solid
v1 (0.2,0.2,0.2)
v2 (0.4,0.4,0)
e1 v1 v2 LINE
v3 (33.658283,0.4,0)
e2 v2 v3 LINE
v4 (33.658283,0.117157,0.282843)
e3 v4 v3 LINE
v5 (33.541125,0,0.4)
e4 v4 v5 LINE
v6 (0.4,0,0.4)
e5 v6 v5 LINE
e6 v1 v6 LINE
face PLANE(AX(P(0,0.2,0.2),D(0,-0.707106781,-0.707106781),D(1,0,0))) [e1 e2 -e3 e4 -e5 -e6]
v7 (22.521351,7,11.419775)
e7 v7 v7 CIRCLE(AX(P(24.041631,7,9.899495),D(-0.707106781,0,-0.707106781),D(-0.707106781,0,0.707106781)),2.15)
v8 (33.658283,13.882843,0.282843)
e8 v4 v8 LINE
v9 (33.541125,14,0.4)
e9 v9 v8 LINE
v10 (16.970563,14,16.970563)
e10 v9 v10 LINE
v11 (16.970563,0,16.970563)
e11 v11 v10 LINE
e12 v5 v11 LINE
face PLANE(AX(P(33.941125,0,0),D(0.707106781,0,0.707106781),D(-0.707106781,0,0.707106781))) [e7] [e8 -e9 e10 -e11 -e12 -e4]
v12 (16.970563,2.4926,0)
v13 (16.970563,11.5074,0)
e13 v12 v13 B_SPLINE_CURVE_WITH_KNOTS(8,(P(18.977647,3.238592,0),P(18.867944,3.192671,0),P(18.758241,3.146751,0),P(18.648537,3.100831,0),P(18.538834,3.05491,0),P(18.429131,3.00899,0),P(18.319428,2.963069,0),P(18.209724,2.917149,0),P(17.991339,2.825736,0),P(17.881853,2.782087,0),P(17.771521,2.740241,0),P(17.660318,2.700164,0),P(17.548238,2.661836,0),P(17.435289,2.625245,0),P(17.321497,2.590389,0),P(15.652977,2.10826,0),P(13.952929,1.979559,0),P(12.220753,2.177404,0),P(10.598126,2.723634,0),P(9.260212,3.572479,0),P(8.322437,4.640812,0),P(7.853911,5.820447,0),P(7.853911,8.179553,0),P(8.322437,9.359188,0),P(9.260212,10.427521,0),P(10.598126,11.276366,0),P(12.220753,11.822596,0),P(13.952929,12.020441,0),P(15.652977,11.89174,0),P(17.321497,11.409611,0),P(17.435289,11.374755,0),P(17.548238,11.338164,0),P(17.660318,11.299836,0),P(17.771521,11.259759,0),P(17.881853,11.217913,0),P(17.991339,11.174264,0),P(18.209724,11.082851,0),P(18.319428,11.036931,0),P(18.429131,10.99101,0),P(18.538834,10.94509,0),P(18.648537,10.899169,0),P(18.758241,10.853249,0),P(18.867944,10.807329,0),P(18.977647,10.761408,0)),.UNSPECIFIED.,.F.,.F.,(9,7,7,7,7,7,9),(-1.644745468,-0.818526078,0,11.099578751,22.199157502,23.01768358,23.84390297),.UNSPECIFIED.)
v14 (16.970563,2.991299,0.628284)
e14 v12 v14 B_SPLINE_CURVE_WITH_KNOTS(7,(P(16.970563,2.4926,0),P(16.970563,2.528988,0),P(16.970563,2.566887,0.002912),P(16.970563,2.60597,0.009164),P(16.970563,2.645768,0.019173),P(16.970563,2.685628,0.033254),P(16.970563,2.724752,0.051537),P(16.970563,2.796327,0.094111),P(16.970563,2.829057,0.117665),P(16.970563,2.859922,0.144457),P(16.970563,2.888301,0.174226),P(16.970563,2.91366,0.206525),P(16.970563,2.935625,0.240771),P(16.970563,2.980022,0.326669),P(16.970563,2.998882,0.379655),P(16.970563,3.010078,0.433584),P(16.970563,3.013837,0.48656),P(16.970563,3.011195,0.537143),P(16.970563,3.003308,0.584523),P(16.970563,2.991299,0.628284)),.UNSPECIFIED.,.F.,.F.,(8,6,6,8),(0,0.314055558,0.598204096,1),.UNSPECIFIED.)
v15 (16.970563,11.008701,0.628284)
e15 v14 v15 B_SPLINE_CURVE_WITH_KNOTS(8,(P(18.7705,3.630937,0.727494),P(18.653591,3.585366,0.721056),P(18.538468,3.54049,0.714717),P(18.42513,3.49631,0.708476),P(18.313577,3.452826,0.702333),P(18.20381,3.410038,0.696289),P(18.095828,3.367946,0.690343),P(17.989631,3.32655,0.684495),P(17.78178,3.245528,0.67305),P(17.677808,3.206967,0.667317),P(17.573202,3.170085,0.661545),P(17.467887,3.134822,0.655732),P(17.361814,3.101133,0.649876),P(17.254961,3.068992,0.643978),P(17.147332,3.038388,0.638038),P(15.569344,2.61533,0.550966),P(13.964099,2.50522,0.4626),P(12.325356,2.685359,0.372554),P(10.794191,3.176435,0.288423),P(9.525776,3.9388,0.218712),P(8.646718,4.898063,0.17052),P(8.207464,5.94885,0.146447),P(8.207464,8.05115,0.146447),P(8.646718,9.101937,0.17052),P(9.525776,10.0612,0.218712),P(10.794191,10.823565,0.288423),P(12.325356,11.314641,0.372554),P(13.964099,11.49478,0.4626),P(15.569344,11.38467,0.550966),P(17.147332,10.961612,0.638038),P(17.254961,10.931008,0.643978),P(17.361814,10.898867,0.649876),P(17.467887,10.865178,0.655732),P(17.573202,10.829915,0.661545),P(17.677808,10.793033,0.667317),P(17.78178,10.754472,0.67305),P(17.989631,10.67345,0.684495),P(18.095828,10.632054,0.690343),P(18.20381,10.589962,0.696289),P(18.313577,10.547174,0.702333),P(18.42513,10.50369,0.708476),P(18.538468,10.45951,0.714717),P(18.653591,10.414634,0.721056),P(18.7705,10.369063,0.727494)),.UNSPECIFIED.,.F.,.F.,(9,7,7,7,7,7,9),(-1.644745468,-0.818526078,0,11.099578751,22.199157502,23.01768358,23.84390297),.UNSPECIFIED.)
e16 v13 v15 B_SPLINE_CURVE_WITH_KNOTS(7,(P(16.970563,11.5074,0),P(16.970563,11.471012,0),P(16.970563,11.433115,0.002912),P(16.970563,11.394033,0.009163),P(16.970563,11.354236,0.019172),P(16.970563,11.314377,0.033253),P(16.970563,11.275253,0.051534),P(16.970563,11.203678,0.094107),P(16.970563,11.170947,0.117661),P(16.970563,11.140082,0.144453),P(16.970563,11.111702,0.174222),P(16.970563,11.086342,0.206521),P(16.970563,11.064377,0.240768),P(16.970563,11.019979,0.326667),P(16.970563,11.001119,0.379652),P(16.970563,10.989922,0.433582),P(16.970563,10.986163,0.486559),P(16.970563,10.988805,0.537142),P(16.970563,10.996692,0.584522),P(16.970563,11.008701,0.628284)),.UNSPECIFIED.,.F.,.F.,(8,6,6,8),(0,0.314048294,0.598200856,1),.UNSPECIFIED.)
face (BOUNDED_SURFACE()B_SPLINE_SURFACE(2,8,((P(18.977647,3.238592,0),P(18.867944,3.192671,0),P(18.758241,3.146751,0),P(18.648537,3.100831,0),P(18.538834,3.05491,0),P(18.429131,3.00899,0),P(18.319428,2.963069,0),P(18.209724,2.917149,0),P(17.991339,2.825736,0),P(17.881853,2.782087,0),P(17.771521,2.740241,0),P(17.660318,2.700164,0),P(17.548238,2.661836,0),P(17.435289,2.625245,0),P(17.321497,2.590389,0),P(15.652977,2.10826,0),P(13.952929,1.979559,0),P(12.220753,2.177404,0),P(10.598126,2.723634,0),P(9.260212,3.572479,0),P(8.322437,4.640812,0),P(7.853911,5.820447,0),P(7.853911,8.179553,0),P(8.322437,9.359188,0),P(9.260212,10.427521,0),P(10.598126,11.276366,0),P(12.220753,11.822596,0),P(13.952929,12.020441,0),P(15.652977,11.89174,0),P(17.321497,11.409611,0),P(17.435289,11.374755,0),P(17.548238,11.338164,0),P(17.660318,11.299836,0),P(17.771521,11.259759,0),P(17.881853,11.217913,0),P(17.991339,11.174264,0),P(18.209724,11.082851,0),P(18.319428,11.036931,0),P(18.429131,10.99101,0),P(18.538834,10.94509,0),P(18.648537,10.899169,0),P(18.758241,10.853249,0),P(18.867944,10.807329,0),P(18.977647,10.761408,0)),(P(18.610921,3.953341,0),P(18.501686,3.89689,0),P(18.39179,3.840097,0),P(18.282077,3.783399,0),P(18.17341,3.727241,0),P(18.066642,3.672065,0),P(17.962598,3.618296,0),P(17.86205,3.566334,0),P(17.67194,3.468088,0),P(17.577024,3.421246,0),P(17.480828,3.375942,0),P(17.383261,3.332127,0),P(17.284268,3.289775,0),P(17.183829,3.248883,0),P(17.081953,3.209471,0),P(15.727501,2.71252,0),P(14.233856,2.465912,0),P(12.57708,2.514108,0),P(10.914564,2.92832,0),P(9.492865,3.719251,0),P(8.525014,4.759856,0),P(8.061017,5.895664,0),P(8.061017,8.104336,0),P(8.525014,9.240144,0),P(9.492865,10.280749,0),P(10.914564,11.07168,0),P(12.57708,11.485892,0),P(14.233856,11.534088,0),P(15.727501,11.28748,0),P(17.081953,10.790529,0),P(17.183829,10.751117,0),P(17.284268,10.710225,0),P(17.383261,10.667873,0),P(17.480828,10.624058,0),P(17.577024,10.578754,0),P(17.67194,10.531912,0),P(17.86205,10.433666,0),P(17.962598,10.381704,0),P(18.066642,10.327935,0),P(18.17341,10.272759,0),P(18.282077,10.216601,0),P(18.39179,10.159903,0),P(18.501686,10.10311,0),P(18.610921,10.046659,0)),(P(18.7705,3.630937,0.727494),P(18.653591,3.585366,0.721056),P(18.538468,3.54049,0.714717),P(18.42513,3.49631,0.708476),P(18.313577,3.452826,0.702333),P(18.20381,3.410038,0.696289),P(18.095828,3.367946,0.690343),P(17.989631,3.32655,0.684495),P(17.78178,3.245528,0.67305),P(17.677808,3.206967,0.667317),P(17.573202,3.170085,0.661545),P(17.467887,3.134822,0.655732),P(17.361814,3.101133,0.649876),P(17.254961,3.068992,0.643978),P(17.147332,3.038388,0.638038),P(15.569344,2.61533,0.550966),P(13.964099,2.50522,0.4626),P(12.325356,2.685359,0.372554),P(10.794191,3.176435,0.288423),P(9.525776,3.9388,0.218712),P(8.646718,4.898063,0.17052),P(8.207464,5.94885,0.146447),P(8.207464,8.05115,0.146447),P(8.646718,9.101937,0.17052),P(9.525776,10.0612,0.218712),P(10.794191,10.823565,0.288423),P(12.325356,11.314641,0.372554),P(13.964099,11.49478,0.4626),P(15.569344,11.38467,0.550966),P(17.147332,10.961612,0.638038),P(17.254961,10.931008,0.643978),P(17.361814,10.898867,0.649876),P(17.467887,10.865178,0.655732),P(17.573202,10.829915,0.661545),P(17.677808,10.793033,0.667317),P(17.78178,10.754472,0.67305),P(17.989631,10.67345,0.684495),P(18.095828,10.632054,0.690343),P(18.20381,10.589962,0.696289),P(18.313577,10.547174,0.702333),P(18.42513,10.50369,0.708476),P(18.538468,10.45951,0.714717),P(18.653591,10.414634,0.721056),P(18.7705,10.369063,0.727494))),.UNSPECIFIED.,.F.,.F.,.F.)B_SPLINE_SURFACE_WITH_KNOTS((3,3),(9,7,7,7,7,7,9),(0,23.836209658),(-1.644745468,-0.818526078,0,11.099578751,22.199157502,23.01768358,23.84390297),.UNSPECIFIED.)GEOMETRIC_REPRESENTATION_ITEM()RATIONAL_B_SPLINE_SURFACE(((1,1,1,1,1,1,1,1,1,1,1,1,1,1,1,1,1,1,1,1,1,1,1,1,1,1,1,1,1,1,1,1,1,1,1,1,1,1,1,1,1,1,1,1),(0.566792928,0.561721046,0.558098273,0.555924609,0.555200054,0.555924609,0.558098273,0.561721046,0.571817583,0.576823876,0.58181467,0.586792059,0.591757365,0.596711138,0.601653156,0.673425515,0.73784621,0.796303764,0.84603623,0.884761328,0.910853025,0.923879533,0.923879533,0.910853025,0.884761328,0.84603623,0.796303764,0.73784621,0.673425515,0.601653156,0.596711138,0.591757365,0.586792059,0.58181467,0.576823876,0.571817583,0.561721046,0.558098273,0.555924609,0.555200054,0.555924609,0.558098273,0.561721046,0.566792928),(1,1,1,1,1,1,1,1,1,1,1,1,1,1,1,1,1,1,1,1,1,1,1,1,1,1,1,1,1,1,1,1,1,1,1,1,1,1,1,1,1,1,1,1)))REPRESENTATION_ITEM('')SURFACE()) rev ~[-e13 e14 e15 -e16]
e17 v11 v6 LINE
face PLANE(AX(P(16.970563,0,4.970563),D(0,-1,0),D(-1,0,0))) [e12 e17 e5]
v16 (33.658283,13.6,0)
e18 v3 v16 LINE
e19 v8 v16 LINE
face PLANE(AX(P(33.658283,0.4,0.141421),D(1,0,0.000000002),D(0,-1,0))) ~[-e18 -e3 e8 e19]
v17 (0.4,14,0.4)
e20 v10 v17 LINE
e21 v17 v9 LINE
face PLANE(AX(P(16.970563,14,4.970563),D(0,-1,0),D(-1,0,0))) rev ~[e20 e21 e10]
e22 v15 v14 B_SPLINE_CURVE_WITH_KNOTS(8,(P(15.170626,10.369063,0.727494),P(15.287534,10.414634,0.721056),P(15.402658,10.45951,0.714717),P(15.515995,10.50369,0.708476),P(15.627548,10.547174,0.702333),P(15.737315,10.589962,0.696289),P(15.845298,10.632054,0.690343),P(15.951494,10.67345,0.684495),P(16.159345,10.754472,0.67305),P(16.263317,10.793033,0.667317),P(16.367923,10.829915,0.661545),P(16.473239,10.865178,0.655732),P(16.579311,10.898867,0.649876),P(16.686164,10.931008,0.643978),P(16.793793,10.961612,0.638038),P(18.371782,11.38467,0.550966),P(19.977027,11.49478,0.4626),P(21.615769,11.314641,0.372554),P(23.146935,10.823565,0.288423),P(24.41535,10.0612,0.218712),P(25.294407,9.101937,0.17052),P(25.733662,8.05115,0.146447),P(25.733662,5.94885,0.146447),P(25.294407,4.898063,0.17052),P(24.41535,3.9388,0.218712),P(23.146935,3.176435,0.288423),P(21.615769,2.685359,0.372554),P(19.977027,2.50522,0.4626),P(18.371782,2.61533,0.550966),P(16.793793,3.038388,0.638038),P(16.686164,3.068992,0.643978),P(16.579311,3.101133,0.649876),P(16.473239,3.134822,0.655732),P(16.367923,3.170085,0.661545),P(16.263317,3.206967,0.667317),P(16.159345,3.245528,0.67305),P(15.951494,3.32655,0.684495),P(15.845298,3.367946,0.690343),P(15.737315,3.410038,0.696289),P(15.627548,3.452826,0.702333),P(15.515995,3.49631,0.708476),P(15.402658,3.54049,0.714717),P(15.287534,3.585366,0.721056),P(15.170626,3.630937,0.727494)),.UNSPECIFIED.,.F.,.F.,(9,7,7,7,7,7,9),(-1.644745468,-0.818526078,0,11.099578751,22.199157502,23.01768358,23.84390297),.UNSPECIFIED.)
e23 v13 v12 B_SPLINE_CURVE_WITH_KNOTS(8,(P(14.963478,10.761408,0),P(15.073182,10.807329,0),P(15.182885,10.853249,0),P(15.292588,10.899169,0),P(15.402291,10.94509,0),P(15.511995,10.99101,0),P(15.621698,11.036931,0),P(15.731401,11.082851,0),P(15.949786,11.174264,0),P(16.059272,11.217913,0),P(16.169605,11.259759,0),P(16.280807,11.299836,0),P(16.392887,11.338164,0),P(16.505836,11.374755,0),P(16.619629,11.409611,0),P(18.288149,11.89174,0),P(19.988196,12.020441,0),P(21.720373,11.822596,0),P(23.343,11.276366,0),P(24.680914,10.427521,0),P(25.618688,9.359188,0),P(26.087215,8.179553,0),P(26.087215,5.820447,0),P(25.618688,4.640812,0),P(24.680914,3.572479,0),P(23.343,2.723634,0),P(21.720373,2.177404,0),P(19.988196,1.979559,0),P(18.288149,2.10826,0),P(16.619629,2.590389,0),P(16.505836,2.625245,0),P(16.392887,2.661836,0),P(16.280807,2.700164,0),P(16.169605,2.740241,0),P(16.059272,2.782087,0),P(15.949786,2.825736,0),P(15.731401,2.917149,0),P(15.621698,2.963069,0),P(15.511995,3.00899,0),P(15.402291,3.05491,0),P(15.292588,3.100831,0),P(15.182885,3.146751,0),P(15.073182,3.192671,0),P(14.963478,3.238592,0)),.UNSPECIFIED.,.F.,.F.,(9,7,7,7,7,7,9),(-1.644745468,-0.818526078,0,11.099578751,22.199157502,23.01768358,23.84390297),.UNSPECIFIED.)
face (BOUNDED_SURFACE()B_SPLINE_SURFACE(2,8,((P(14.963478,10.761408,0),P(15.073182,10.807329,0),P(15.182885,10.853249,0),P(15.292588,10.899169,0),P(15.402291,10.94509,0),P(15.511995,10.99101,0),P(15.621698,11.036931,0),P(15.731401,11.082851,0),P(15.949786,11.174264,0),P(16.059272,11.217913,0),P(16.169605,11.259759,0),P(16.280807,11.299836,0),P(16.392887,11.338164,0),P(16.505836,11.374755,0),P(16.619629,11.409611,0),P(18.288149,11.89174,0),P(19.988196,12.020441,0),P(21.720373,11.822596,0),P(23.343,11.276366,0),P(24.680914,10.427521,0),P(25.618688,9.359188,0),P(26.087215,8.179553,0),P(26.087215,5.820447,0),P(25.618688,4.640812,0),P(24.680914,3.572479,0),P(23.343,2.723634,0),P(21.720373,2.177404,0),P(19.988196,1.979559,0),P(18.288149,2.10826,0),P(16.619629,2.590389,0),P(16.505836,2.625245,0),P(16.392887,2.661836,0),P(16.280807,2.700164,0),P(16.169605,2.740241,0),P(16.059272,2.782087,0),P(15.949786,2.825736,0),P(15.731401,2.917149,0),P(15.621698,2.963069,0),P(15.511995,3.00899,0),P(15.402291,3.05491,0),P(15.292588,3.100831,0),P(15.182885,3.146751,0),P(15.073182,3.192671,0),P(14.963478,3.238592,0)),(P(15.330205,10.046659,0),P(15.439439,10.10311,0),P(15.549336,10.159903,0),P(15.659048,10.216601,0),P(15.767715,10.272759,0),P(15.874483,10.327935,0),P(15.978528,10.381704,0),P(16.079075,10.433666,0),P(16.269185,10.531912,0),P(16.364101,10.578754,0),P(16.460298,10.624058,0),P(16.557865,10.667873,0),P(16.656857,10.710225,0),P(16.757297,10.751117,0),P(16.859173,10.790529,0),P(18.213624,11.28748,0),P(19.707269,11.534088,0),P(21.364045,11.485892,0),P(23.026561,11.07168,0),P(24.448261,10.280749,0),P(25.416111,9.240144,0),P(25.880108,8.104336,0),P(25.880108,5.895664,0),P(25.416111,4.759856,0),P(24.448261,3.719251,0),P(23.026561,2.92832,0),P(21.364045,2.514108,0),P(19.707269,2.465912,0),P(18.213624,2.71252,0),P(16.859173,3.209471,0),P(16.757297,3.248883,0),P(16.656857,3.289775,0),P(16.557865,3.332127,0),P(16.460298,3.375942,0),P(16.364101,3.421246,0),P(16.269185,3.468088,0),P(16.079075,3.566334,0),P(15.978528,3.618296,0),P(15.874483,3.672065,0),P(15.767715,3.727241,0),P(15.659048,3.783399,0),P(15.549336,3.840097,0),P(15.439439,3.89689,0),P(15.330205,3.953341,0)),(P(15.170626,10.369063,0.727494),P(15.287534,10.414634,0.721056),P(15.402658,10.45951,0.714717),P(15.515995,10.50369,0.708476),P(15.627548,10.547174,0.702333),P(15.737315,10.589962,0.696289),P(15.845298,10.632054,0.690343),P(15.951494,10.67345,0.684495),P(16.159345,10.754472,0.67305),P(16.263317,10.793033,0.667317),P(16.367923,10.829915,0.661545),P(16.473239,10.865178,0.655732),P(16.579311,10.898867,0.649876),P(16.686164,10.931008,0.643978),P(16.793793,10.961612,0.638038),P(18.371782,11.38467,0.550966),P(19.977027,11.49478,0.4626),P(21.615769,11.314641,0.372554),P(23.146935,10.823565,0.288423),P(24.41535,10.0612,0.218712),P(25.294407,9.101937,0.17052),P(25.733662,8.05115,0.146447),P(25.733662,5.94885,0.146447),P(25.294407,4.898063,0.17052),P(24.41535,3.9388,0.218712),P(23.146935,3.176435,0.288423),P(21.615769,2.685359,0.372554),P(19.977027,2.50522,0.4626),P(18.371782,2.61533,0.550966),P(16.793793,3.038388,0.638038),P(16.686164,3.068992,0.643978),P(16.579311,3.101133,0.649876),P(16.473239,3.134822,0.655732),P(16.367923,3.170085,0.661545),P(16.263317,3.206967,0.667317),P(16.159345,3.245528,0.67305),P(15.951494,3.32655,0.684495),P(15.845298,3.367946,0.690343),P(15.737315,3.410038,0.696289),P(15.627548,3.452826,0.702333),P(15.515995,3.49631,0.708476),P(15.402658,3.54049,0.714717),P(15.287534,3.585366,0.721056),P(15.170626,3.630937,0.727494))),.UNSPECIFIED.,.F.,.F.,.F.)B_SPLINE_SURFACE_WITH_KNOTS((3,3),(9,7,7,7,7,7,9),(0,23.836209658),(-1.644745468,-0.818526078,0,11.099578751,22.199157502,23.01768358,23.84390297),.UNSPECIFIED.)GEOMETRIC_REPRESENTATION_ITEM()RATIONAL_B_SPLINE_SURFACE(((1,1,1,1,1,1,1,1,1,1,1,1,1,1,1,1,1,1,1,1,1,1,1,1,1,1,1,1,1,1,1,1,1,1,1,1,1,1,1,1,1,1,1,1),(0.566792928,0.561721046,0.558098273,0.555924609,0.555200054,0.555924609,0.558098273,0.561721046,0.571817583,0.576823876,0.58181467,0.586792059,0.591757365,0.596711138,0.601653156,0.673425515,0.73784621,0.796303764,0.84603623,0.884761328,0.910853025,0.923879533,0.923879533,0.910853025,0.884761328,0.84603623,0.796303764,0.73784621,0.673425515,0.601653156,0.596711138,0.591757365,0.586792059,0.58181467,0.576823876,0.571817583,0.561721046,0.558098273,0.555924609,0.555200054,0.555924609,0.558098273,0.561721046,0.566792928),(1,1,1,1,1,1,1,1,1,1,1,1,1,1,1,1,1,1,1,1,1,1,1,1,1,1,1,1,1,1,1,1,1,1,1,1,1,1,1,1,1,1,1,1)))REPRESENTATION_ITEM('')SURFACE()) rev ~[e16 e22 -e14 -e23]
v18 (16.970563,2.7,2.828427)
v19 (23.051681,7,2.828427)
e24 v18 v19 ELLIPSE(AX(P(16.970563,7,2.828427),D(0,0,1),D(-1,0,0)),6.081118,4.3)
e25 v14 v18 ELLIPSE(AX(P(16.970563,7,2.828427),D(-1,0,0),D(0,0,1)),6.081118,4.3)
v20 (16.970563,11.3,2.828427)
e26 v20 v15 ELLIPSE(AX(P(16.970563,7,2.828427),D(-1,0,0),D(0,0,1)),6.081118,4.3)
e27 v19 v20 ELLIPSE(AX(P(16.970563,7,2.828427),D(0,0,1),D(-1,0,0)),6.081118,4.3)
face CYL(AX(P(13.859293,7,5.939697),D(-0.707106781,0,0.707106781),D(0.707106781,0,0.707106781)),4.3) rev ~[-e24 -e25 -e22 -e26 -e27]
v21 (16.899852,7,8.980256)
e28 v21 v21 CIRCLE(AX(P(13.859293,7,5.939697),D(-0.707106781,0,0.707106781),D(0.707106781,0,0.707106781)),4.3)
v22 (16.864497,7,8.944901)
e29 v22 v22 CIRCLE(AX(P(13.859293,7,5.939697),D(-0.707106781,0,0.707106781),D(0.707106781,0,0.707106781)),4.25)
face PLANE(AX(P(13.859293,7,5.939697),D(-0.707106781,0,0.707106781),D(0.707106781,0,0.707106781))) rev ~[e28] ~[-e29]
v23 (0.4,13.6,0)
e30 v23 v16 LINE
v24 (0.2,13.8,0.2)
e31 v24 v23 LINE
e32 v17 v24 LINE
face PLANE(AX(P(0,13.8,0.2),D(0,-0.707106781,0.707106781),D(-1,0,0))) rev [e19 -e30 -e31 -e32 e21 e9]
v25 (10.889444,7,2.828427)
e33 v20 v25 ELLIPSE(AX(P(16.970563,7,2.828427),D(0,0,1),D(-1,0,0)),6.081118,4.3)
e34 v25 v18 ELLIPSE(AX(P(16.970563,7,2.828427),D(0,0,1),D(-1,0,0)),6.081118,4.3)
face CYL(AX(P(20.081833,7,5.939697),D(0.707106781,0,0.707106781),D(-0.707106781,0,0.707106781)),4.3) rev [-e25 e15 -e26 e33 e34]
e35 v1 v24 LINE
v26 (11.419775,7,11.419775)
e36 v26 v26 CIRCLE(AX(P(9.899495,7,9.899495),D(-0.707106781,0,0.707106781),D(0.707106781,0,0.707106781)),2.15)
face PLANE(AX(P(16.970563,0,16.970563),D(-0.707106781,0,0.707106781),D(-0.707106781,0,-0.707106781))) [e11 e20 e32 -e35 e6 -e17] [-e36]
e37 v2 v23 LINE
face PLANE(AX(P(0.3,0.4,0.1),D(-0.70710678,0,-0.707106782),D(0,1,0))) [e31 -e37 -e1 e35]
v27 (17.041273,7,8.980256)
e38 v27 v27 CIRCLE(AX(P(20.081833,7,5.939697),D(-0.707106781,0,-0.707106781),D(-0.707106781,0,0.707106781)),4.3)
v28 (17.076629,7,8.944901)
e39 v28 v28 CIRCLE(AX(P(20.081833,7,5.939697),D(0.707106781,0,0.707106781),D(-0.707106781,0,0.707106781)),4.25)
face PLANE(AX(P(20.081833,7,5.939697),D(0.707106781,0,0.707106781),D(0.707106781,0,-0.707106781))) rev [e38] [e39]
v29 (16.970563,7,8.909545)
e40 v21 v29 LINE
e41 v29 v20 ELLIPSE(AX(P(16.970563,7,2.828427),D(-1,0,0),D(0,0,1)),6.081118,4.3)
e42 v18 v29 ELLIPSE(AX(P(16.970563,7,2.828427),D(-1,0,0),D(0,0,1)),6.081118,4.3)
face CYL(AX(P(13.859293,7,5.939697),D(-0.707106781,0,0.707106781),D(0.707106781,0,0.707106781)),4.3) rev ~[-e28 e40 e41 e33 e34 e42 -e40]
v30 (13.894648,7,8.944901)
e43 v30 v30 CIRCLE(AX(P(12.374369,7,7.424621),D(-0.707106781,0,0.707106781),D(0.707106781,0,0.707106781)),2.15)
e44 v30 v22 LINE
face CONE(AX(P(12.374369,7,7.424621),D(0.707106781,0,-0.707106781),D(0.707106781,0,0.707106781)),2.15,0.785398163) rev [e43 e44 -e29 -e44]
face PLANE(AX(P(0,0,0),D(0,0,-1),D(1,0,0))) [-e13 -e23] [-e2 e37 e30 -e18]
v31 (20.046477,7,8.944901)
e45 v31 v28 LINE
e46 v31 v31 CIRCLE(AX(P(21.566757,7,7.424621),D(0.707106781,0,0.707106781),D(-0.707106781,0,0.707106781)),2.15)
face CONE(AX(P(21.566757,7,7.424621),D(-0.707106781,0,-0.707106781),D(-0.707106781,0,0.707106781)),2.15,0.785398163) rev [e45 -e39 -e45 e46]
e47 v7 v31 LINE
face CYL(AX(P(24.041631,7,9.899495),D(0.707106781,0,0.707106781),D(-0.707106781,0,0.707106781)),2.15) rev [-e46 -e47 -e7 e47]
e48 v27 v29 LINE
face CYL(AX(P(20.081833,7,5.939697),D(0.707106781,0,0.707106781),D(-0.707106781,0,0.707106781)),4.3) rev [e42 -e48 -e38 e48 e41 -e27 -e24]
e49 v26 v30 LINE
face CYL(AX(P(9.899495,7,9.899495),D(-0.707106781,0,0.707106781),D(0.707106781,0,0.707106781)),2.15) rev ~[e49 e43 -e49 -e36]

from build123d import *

# Parameters (mm, degrees)
BOSS_EXTRUDE1_DEPTH   = 14
SKETCH2_R             = 2.15
CUT_EXTRUDE1_DEPTH    = 25
CUT_EXTRUDE2_START    = -5.6
SKETCH3_R             = 4.3
CUT_EXTRUDE2_DEPTH    = 19.4
CHAMFER1_SIZE         = 2.1
CHAMFER2_SIZE         = 0.4
CHAMFER2_EDGE_2_SIZE  = 0.4
CHAMFER2_EDGE_3_SIZE2 = 0.4
CHAMFER2_EDGE_3_SIZE  = 0.282842712
CHAMFER2_EDGE_4_SIZE2 = 0.282842712
CHAMFER2_EDGE_4_SIZE  = 0.4
FILLET1_R             = 0.5


with BuildPart() as part:
    # Sketch1 → Boss-Extrude1 (new body)
    with BuildSketch(Plane(origin=(0, 0, 0), x_dir=(1, 0, 0), z_dir=(0, 1, 0))):
        Polygon((0, 0), (33.941125497, 0), (16.970562748, -16.970562748), align=None)
    extrude(amount=BOSS_EXTRUDE1_DEPTH)

    # Sketch2 → Cut-Extrude1 (cut, through all)
    with BuildSketch(Plane(origin=(0, 0, 0), x_dir=(0.707106781, 0, 0.707106781), z_dir=(-0.707106781, 0, 0.707106781))):
        with Locations((14, 7)):
            Circle(SKETCH2_R)
    cut_extrude1 = extrude(amount=-CUT_EXTRUDE1_DEPTH, mode=Mode.SUBTRACT)

    # Sketch3 → Cut-Extrude2 (cut, through all)
    with BuildSketch(Plane(origin=(0, 0, 0), x_dir=(0.707106781, 0, 0.707106781), z_dir=(-0.707106781, 0, 0.707106781)).offset(CUT_EXTRUDE2_START)):
        with Locations((14, 7)):
            Circle(SKETCH3_R)
    cut_extrude2 = extrude(amount=-CUT_EXTRUDE2_DEPTH, mode=Mode.SUBTRACT)

    # Mirror1: Cut-Extrude1, Cut-Extrude2 across plane
    add(cut_extrude1.mirror(Plane(origin=(16.970562748, 0, 0), x_dir=(0, 0, 1), z_dir=(1, 0, 0))), mode=Mode.SUBTRACT)
    add(cut_extrude2.mirror(Plane(origin=(16.970562748, 0, 0), x_dir=(0, 0, 1), z_dir=(1, 0, 0))), mode=Mode.SUBTRACT)

    # Chamfer1
    chamfer1_edges = [part.edges().sort_by_distance(p)[0] for p in [
        (12.339013332, 7, 4.419417382),
        (21.602112165, 7, 4.419417382),
    ]]
    chamfer(chamfer1_edges, length=CHAMFER1_SIZE)

    # Chamfer2
    chamfer2_edges = [part.edges().sort_by_distance(p)[0] for p in [
        (16.970562748, 14, 0),
    ]]
    chamfer(chamfer2_edges, length=CHAMFER2_SIZE)

    # Chamfer2 edge 2
    chamfer2_edge_2_edges = [part.edges().sort_by_distance(p)[0] for p in [
        (16.970562748, 0, 0),
    ]]
    chamfer(chamfer2_edge_2_edges, length=CHAMFER2_EDGE_2_SIZE)

    # Chamfer2 edge 3
    chamfer2_edge_3_edges = [part.edges().sort_by_distance(p)[0] for p in [
        (0, 7, 0),
    ]]
    chamfer(chamfer2_edge_3_edges, length=CHAMFER2_EDGE_3_SIZE, length2=CHAMFER2_EDGE_3_SIZE2)

    # Chamfer2 edge 4
    chamfer2_edge_4_edges = [part.edges().sort_by_distance(p)[0] for p in [
        (33.941125497, 7, 0),
    ]]
    chamfer(chamfer2_edge_4_edges, length=CHAMFER2_EDGE_4_SIZE, length2=CHAMFER2_EDGE_4_SIZE2)

    # Fillet1
    fillet1_edges = [part.edges().sort_by_distance(p)[0] for p in [
        (11.523443743, 3.119120407, 0),
        (22.417681754, 3.119120407, 0),
    ]]
    fillet(fillet1_edges, radius=FILLET1_R)


solid = part.part
